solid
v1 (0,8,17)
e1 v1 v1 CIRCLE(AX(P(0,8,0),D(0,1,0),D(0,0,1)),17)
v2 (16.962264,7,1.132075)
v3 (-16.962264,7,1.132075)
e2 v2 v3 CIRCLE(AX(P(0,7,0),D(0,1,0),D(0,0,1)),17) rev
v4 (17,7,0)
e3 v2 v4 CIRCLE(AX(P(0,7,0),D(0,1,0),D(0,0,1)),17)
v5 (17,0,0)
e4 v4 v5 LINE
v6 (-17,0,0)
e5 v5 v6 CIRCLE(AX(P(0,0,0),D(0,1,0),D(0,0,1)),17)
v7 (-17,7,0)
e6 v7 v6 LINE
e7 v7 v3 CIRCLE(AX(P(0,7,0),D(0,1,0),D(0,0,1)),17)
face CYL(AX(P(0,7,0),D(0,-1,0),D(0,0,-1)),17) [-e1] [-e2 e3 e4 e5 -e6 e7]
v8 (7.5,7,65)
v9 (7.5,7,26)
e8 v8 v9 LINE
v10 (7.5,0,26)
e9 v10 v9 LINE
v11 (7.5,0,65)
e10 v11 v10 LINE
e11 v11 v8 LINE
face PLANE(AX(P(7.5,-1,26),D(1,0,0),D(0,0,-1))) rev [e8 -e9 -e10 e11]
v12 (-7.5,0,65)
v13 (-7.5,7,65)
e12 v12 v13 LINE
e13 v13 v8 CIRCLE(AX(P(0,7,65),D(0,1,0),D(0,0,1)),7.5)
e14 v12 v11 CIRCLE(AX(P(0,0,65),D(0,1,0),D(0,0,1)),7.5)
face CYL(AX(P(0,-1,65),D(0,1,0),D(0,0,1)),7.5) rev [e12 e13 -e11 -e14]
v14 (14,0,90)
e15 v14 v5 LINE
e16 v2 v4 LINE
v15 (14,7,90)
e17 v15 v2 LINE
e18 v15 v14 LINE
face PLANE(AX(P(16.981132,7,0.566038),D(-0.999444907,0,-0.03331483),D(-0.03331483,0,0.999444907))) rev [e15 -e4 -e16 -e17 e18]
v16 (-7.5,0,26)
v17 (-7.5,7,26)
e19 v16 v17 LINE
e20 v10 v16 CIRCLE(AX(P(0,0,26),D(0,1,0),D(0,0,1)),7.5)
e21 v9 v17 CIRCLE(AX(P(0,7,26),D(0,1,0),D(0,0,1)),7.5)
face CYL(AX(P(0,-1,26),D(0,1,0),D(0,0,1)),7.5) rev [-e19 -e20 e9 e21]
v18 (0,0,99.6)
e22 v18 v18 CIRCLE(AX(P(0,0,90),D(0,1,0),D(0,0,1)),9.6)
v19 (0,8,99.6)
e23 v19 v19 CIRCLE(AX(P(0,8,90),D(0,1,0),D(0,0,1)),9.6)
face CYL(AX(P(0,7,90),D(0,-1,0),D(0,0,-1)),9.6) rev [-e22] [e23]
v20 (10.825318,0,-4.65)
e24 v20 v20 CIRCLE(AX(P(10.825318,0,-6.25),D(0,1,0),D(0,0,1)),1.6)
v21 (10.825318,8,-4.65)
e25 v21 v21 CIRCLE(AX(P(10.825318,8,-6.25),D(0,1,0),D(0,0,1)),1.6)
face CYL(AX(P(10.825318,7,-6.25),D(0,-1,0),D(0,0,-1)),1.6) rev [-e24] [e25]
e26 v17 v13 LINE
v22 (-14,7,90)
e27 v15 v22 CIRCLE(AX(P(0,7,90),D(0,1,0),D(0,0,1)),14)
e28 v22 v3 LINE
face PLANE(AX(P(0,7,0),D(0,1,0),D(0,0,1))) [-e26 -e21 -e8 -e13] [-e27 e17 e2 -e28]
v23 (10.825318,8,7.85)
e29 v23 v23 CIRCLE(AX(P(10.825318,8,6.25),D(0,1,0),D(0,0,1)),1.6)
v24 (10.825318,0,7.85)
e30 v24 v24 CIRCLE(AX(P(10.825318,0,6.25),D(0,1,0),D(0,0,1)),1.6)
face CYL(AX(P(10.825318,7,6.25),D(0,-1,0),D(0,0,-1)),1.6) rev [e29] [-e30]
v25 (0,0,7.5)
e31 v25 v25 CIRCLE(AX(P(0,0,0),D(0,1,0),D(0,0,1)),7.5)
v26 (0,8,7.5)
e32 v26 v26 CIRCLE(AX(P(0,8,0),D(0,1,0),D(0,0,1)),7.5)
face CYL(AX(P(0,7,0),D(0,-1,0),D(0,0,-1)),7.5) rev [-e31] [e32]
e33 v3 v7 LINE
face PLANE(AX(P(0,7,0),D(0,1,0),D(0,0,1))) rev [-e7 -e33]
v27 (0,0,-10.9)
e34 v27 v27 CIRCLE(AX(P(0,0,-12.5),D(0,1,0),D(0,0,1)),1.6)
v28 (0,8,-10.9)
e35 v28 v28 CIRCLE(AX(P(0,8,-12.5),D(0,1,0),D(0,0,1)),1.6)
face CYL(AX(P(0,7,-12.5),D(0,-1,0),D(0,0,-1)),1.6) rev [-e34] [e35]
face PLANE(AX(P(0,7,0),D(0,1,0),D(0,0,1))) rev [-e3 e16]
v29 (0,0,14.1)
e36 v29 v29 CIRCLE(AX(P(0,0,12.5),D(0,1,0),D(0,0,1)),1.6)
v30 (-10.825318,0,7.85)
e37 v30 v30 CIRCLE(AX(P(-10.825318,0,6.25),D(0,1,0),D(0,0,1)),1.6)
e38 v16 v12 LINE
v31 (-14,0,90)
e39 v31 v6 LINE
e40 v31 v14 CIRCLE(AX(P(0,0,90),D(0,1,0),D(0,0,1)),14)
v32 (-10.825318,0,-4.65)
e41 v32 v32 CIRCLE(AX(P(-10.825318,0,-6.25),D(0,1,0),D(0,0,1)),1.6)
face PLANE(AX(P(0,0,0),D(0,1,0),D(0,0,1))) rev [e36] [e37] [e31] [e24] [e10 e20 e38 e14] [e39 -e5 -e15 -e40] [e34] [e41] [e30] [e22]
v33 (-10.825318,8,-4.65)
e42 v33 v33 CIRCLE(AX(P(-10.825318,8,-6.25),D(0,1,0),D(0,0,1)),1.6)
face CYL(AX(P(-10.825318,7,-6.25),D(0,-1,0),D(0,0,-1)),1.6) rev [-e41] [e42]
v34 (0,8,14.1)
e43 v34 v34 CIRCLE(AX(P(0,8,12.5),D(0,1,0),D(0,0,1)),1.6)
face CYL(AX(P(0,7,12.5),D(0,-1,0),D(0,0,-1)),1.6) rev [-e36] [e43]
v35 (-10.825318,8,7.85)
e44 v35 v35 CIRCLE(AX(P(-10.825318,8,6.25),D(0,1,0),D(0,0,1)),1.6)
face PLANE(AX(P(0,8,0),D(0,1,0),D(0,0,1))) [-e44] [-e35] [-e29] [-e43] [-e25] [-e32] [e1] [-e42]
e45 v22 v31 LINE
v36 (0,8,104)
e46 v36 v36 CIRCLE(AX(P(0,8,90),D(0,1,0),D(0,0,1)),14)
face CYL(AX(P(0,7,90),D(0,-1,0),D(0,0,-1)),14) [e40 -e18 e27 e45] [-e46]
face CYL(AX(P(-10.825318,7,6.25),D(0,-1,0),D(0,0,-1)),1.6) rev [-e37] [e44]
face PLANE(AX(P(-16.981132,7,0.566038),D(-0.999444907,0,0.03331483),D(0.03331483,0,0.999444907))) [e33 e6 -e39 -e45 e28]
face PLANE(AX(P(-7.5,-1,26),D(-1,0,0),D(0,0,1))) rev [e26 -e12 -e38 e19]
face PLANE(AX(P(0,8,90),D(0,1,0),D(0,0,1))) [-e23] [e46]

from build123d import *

# Parameters (mm, degrees)
SKETCH_2_R          = 14
SKETCH_2_R_2        = 9.6
SKETCH_2_R_3        = 1.6
SKETCH_2_R_4        = 7.5
EXTRUDE_1_DEPTH     = 7
CUT_EXTRUDE_1_DEPTH = 8
SKETCH_5_R          = 14
SKETCH_5_R_2        = 9.6
EXTRUDE_3_DEPTH     = 1
SKETCH_6_R          = 17
SKETCH_6_R_2        = 7.5
SKETCH_6_R_3        = 1.6
EXTRUDE_4_DEPTH     = 1


with BuildPart() as part:
    # 草图2 → 凸台-拉伸1 (new body)
    # profile 1 of 3: a face of its own
    with BuildSketch(Plane(origin=(0, 0, 0), x_dir=(1, 0, 0), z_dir=(0, 1, 0))):
        with BuildLine():
            Line((-16.962264151, -1.132075472), (-14, -90))
            ThreePointArc((-14, -90), (0, -76), (14, -90))
            Line((14, -90), (16.962264151, -1.132075472))
            ThreePointArc((16.962264151, -1.132075472), (0, -17), (-16.962264151, -1.132075472))
        make_face()
    # profile 2 of 3: a face of its own
    with BuildSketch(Plane(origin=(0, 0, 0), x_dir=(1, 0, 0), z_dir=(0, 1, 0))):
        with Locations((0, -90)):
            Circle(SKETCH_2_R)
        with Locations(Location((0, -90, 0), (0, 0, 270))):
            Circle(SKETCH_2_R_2, mode=Mode.SUBTRACT)
    # profile 3 of 3: a face of its own
    with BuildSketch(Plane(origin=(0, 0, 0), x_dir=(1, 0, 0), z_dir=(0, 1, 0))):
        with BuildLine():
            Line((-17, 0), (-16.962264151, -1.132075472))
            ThreePointArc((-16.962264151, -1.132075472), (0, -17), (16.962264151, -1.132075472))
            Line((16.962264151, -1.132075472), (17, 0))
            ThreePointArc((17, 0), (0, 17), (-17, 0))
        make_face()
        with Locations(Location((-10.825317547, -6.25, 0), (0, 0, 270))):
            Circle(SKETCH_2_R_3, mode=Mode.SUBTRACT)
        with Locations(Location((-10.825317547, 6.25, 0), (0, 0, 270))):
            Circle(SKETCH_2_R_3, mode=Mode.SUBTRACT)
        with Locations(Location((0, -12.5, 0), (0, 0, 270))):
            Circle(SKETCH_2_R_3, mode=Mode.SUBTRACT)
        with Locations(Location((0, 0, 0), (0, 0, 270))):
            Circle(SKETCH_2_R_4, mode=Mode.SUBTRACT)
        with Locations(Location((0, 12.5, 0), (0, 0, 270))):
            Circle(SKETCH_2_R_3, mode=Mode.SUBTRACT)
        with Locations(Location((10.825317547, -6.25, 0), (0, 0, 270))):
            Circle(SKETCH_2_R_3, mode=Mode.SUBTRACT)
        with Locations(Location((10.825317547, 6.25, 0), (0, 0, 270))):
            Circle(SKETCH_2_R_3, mode=Mode.SUBTRACT)
    extrude(amount=EXTRUDE_1_DEPTH)

    # 草图4 → 切除-拉伸1 (cut)
    with BuildSketch(Plane(origin=(0, 7, 0), x_dir=(1, 0, 0), z_dir=(0, 1, 0))):
        with BuildLine():
            Line((7.5, -26), (7.5, -65))
            ThreePointArc((7.5, -65), (0, -72.5), (-7.5, -65))
            Line((-7.5, -65), (-7.5, -26))
            ThreePointArc((-7.5, -26), (0, -18.5), (7.5, -26))
        make_face()
    extrude(amount=-CUT_EXTRUDE_1_DEPTH, mode=Mode.SUBTRACT)

    # 草图5 → 凸台-拉伸3 (add)
    with BuildSketch(Plane(origin=(0, 7, 0), x_dir=(1, 0, 0), z_dir=(0, 1, 0))):
        with Locations((0, -90)):
            Circle(SKETCH_5_R)
        with Locations(Location((0, -90, 0), (0, 0, 270))):
            Circle(SKETCH_5_R_2, mode=Mode.SUBTRACT)
    extrude(amount=EXTRUDE_3_DEPTH)

    # 草图6 → 凸台-拉伸4 (add)
    with BuildSketch(Plane(origin=(0, 7, 0), x_dir=(1, 0, 0), z_dir=(0, 1, 0))):
        Circle(SKETCH_6_R)
        with Locations(Location((0, 0, 0), (0, 0, 270))):
            Circle(SKETCH_6_R_2, mode=Mode.SUBTRACT)
        with Locations(Location((0, 12.5, 0), (0, 0, 270))):
            Circle(SKETCH_6_R_3, mode=Mode.SUBTRACT)
        with Locations(Location((10.825317547, 6.25, 0), (0, 0, 270))):
            Circle(SKETCH_6_R_3, mode=Mode.SUBTRACT)
        with Locations(Location((10.825317547, -6.25, 0), (0, 0, 270))):
            Circle(SKETCH_6_R_3, mode=Mode.SUBTRACT)
        with Locations(Location((0, -12.5, 0), (0, 0, 270))):
            Circle(SKETCH_6_R_3, mode=Mode.SUBTRACT)
        with Locations(Location((-10.825317547, -6.25, 0), (0, 0, 270))):
            Circle(SKETCH_6_R_3, mode=Mode.SUBTRACT)
        with Locations(Location((-10.825317547, 6.25, 0), (0, 0, 270))):
            Circle(SKETCH_6_R_3, mode=Mode.SUBTRACT)
    extrude(amount=EXTRUDE_4_DEPTH)


solid = part.part
